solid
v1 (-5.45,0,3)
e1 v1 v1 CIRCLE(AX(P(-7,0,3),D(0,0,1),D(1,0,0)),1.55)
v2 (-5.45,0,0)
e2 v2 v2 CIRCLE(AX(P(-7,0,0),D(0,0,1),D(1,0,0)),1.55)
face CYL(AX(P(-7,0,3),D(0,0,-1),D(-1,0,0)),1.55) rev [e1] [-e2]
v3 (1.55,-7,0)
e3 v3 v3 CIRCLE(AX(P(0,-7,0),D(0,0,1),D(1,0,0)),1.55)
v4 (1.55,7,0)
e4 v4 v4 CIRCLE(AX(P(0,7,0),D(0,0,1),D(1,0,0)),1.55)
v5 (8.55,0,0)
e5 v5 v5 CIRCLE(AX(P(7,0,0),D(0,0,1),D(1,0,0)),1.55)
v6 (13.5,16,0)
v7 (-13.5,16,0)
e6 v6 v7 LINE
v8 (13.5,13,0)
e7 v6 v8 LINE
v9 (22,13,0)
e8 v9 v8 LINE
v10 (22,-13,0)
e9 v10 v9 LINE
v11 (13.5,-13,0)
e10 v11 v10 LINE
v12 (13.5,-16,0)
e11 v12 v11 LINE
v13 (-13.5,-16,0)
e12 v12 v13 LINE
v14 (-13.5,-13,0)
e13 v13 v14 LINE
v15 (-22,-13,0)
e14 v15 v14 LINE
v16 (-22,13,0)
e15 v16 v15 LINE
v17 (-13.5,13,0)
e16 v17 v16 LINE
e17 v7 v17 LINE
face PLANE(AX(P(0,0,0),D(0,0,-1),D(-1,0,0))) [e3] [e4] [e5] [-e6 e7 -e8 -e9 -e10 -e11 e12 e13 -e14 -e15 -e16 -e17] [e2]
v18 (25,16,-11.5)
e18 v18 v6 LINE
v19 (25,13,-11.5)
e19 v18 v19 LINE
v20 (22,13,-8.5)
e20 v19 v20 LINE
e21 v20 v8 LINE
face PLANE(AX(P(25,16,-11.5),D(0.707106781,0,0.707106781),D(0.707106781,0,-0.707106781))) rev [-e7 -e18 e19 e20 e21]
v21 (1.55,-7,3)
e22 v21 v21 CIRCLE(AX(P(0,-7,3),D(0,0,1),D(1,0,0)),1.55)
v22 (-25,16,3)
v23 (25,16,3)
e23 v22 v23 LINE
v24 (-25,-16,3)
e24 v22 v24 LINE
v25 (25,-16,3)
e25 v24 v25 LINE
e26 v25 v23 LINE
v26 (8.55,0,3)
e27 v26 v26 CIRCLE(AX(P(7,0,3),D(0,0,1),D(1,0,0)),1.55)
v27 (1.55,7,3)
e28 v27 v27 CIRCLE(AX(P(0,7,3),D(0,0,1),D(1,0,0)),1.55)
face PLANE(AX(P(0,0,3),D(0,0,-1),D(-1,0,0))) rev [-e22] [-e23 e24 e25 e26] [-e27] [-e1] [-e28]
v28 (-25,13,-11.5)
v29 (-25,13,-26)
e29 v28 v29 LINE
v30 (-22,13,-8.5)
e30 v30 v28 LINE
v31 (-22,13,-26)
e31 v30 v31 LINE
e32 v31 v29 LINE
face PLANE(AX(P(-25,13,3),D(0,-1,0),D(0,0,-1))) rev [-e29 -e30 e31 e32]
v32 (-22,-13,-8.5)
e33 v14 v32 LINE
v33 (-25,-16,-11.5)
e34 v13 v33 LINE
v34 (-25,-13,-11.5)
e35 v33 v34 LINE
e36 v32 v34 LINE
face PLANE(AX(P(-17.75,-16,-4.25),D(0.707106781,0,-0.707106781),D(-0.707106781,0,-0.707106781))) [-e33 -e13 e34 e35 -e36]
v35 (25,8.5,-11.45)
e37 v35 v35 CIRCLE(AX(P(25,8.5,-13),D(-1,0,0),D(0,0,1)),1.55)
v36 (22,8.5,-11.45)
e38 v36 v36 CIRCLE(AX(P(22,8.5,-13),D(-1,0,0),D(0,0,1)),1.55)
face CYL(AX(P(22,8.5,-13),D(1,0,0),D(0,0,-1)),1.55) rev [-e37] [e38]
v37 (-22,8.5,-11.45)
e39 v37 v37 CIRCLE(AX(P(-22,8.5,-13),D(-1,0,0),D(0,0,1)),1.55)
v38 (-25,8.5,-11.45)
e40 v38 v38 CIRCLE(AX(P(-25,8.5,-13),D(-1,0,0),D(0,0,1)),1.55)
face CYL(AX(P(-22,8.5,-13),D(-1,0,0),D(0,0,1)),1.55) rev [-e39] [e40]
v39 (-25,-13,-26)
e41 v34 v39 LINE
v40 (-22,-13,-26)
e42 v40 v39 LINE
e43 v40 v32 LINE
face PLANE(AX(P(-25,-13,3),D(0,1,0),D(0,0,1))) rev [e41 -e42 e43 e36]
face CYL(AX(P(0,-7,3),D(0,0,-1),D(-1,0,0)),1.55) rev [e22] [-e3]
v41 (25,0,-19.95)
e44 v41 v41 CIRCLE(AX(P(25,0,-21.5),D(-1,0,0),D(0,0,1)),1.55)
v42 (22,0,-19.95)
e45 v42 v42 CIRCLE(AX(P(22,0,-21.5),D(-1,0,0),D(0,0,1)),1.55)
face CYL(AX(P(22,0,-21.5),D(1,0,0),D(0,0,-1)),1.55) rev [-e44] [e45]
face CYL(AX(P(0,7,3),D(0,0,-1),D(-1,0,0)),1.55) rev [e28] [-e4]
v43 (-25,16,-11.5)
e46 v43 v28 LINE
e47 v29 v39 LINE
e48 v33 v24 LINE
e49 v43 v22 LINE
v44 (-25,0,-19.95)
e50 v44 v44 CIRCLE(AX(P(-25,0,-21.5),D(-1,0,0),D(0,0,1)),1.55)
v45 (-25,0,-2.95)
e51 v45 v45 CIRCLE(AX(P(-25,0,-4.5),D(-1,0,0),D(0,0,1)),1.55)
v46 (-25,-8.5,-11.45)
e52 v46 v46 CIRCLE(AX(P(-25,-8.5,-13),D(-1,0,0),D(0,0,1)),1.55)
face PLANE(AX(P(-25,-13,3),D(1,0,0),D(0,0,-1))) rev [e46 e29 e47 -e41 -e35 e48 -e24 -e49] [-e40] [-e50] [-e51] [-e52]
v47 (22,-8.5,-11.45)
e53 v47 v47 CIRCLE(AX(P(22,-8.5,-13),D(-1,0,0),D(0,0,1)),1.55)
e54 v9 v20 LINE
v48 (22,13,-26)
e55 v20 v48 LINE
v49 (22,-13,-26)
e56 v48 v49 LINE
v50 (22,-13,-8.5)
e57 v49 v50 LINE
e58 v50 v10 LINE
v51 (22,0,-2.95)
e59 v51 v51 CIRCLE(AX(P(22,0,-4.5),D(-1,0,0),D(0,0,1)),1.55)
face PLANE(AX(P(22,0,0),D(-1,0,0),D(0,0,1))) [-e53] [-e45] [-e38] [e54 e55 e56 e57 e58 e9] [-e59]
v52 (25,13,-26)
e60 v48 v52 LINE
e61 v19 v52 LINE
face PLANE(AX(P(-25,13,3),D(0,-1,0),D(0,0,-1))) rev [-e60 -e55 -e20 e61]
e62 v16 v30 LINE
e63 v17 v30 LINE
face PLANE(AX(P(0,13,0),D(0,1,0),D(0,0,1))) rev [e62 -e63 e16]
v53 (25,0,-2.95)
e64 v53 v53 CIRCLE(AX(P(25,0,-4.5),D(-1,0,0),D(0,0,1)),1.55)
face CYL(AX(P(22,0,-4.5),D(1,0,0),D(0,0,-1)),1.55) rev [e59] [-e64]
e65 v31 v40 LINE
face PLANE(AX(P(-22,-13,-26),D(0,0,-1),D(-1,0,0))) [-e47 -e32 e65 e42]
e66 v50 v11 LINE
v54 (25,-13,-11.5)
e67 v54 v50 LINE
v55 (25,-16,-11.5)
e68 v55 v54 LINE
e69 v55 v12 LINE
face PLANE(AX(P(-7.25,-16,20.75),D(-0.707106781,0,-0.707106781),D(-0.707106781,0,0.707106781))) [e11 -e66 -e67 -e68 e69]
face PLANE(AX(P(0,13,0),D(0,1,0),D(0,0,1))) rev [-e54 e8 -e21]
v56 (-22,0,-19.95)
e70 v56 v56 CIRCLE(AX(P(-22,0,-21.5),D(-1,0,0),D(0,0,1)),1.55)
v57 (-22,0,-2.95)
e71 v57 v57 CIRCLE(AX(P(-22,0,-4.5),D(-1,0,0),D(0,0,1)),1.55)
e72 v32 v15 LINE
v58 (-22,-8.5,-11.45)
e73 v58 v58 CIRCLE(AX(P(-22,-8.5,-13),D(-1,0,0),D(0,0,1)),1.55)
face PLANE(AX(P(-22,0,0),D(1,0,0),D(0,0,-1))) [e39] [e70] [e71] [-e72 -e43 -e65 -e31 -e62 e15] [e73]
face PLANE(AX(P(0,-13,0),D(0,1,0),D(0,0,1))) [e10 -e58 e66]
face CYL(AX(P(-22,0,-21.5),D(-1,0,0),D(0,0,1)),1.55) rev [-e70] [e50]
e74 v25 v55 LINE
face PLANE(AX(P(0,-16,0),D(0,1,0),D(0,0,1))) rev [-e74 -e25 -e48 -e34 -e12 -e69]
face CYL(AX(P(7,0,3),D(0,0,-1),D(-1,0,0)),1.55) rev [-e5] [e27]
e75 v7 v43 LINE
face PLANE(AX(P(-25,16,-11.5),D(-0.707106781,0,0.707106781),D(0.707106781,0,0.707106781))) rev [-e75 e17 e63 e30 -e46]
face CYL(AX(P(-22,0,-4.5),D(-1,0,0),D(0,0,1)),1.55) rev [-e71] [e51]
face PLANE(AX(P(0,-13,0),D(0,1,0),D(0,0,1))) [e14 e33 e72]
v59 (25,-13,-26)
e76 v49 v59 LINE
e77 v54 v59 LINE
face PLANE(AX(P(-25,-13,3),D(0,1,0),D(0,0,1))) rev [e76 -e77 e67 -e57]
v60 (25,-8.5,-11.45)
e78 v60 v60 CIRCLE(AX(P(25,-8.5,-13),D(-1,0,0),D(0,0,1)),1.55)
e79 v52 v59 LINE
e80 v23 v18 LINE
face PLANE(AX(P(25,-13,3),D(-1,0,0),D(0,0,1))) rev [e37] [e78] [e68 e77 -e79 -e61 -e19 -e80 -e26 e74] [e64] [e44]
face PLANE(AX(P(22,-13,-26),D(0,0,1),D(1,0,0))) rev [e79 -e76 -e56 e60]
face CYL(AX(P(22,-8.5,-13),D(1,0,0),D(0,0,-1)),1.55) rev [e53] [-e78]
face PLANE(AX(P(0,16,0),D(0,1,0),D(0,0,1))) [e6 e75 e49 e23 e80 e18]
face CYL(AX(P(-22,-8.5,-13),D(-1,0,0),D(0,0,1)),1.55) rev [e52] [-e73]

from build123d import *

# Parameters (mm, degrees)
SKETCH1_W           = 50
SKETCH1_H           = 26
SKETCH1_R           = 1.55
BOSS_EXTRUDE1_DEPTH = 3
SKETCH2_W           = 29
SKETCH2_H           = 26
SKETCH2_R           = 1.55
BOSS_EXTRUDE2_DEPTH = 3
BOSS_EXTRUDE3_START = -47
SKETCH2_2_W         = 29
SKETCH2_2_H         = 26
SKETCH2_2_R         = 1.55
BOSS_EXTRUDE3_DEPTH = 3
BOSS_EXTRUDE4_DEPTH = 3
BOSS_EXTRUDE5_START = -26
BOSS_EXTRUDE5_DEPTH = 3


with BuildPart() as part:
    # Sketch1 → Boss-Extrude1 (new body)
    with BuildSketch(Plane.XY):
        Rectangle(SKETCH1_W, SKETCH1_H)
        with Locations((-7, 0)):
            Circle(SKETCH1_R, mode=Mode.SUBTRACT)
        with Locations((0, 7)):
            Circle(SKETCH1_R, mode=Mode.SUBTRACT)
        with Locations((7, 0)):
            Circle(SKETCH1_R, mode=Mode.SUBTRACT)
        with Locations((0, -7)):
            Circle(SKETCH1_R, mode=Mode.SUBTRACT)
    extrude(amount=BOSS_EXTRUDE1_DEPTH)

    # Sketch2 → Boss-Extrude2 (add)
    with BuildSketch(Plane.ZY.offset(25)):
        with Locations((-11.5, 0)):
            Rectangle(SKETCH2_W, SKETCH2_H)
        with Locations((-4.5, 0)):
            Circle(SKETCH2_R, mode=Mode.SUBTRACT)
        with Locations((-13, -8.5)):
            Circle(SKETCH2_R, mode=Mode.SUBTRACT)
        with Locations((-21.5, 0)):
            Circle(SKETCH2_R, mode=Mode.SUBTRACT)
        with Locations((-13, 8.5)):
            Circle(SKETCH2_R, mode=Mode.SUBTRACT)
    extrude(amount=-BOSS_EXTRUDE2_DEPTH)

    # Sketch2<2> → Boss-Extrude3 (add)
    with BuildSketch(Plane.ZY.offset(25).offset(BOSS_EXTRUDE3_START)):
        with Locations((-11.5, 0)):
            Rectangle(SKETCH2_2_W, SKETCH2_2_H)
        with Locations((-4.5, 0)):
            Circle(SKETCH2_2_R, mode=Mode.SUBTRACT)
        with Locations((-13, -8.5)):
            Circle(SKETCH2_2_R, mode=Mode.SUBTRACT)
        with Locations((-21.5, 0)):
            Circle(SKETCH2_2_R, mode=Mode.SUBTRACT)
        with Locations((-13, 8.5)):
            Circle(SKETCH2_2_R, mode=Mode.SUBTRACT)
    extrude(amount=-BOSS_EXTRUDE3_DEPTH)

    # Sketch3 → Boss-Extrude4 (add)
    with BuildSketch(Plane(origin=(0, 13, 0), x_dir=(1, 0, 0), z_dir=(0, 1, 0))):
        Polygon((-25, -3), (-25, 11.5), (-13.5, 0), (13.5, 0), (25, 11.5), (25, -3), align=None)
    extrude(amount=BOSS_EXTRUDE4_DEPTH)

    # Sketch3<3> → Boss-Extrude5 (add)
    with BuildSketch(Plane(origin=(0, 13, 0), x_dir=(1, 0, 0), z_dir=(0, 1, 0)).offset(BOSS_EXTRUDE5_START)):
        Polygon((-25, -3), (-25, 11.5), (-13.5, 0), (13.5, 0), (25, 11.5), (25, -3), align=None)
    extrude(amount=-BOSS_EXTRUDE5_DEPTH)


solid = part.part
